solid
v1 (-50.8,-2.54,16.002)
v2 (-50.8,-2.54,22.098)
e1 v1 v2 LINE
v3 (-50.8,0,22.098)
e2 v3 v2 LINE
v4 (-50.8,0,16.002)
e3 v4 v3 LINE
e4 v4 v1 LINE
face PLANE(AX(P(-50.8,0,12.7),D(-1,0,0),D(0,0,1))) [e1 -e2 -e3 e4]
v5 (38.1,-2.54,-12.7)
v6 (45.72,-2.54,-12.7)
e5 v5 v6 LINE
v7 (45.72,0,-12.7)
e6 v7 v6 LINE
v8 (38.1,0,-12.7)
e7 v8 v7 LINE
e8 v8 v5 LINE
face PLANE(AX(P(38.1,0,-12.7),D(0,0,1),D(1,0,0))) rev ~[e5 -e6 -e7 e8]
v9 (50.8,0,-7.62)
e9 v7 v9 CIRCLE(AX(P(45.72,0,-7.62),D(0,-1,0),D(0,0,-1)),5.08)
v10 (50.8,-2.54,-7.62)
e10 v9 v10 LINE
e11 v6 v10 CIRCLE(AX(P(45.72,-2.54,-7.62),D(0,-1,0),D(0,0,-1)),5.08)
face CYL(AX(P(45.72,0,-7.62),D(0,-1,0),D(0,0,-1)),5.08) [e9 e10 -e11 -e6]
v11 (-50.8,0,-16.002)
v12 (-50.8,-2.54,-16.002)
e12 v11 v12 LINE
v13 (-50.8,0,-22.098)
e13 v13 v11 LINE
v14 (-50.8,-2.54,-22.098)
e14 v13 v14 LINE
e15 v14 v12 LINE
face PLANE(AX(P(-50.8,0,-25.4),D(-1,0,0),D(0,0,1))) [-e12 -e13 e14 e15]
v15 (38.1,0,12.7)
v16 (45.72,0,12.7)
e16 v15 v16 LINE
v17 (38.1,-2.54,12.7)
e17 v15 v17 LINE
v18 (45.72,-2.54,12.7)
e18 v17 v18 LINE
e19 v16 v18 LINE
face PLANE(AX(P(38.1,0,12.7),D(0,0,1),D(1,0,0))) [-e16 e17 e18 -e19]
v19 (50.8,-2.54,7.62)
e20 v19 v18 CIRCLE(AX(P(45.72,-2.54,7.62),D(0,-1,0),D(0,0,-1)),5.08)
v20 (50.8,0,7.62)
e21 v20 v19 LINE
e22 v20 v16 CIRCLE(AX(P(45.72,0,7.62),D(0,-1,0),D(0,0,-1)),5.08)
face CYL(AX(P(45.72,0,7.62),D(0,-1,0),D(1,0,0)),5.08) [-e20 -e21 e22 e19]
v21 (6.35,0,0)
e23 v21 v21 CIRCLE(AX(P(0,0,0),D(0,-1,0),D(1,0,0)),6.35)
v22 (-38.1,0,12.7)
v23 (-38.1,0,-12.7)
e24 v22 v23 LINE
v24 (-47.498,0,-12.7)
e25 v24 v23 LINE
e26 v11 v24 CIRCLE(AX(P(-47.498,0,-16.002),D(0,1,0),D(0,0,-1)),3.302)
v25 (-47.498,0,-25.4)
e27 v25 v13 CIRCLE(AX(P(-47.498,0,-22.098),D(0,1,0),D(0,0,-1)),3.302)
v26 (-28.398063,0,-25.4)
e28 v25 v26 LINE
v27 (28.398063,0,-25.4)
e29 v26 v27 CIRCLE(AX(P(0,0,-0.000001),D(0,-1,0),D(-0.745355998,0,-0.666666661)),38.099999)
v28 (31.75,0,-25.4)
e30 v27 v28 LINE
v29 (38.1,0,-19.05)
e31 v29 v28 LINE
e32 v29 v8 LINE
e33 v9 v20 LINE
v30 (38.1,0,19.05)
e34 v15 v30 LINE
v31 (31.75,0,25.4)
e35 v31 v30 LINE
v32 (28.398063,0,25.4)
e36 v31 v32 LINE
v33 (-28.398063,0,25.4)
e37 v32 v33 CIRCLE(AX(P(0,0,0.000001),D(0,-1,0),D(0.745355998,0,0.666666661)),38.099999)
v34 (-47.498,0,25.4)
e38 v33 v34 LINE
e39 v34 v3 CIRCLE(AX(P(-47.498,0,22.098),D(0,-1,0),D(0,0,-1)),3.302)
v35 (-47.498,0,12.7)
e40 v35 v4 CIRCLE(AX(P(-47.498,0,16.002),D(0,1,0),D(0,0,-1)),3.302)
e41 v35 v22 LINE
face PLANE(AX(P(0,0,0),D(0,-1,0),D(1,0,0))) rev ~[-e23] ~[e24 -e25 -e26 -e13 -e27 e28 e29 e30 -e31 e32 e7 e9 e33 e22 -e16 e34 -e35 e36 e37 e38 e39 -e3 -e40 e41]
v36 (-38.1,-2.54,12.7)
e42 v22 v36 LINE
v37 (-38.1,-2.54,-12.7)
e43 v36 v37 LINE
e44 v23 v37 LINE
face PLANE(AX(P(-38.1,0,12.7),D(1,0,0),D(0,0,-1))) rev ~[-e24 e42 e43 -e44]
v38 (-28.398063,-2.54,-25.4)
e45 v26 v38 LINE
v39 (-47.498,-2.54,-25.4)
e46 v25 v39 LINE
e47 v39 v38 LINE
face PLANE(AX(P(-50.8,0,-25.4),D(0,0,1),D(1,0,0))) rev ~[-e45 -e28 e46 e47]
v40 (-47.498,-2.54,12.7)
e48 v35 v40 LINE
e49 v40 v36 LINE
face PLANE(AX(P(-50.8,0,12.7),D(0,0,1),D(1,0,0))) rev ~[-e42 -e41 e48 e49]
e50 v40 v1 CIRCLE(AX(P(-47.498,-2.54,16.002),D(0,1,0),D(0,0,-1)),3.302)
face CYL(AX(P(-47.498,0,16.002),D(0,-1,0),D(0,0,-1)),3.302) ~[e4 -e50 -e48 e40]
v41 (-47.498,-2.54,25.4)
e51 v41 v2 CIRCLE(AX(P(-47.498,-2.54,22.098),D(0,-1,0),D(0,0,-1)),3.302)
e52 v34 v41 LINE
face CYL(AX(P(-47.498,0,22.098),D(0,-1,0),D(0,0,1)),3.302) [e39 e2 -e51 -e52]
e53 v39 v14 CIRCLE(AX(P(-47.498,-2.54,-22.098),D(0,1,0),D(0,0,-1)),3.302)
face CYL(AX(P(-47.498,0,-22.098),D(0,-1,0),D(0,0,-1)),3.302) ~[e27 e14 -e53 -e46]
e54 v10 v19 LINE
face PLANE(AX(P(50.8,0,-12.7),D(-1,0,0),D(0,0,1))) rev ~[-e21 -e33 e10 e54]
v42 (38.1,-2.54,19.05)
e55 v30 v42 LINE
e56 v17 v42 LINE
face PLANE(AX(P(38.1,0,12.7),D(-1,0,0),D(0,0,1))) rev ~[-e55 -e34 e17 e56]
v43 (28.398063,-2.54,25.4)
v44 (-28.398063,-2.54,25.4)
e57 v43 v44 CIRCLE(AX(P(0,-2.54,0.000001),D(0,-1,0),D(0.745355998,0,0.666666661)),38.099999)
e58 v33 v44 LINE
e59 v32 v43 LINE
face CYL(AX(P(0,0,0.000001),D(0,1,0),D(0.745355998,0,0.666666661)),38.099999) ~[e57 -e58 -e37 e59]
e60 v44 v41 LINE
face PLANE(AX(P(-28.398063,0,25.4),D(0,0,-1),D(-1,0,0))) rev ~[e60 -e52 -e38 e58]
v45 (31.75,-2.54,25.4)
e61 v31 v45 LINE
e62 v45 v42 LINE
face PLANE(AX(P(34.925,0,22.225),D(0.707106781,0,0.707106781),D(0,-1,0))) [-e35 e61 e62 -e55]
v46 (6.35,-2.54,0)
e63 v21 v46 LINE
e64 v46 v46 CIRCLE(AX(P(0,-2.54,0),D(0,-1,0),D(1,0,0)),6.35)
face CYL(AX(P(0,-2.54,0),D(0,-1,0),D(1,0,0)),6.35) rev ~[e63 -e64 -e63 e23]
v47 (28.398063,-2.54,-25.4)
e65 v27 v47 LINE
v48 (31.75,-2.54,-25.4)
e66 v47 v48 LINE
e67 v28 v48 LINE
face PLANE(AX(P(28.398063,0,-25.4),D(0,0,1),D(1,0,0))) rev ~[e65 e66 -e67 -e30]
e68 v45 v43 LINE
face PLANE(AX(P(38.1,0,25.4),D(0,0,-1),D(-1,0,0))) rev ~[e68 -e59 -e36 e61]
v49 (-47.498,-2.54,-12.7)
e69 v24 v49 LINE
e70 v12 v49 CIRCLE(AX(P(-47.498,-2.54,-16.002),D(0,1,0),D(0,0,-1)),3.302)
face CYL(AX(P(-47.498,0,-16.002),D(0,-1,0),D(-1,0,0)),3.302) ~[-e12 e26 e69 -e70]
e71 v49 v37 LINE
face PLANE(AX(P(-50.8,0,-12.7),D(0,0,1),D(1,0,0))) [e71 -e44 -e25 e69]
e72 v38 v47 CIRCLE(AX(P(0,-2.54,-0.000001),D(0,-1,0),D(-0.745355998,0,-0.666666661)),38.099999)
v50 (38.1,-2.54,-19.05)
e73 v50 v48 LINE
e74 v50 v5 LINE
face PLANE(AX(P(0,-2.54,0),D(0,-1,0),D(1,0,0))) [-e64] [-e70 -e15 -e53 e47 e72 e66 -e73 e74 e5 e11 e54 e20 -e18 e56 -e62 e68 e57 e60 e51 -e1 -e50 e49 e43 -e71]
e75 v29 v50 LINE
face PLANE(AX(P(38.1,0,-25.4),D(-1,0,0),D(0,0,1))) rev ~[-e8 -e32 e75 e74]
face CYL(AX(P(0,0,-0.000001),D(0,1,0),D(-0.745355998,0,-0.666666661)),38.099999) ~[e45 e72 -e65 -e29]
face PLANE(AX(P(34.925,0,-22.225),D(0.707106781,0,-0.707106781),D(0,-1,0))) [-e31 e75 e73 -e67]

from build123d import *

# Parameters (mm, degrees)
F0_W     = 12.7
F0_H     = 25.4
F0_H_2   = 12.7
F1_DEPTH = 2.54
F3_R     = 6.35
F4_DEPTH = 12.7
F5_SIZE  = 6.35
F6_SIZE  = 6.35
F7_R     = 5.08
F8_R     = 3.302


with BuildPart() as f1:
    # F0 (on Front) → F1 (new body)
    with BuildSketch(Plane.XZ):
        with BuildLine():
            Line((38.1, 12.7), (38.1, 25.4))
            Line((38.1, 25.4), (28.398063, 25.4))
            ThreePointArc((28.398063, 25.4), (0, 38.1), (-28.398063, 25.4))
            Line((-28.398063, 25.4), (-38.1, 25.4))
            Line((-38.1, 25.4), (-38.1, 12.7))
            Line((-38.1, 12.7), (-38.1, -12.7))
            Line((-38.1, -12.7), (-38.1, -25.4))
            Line((-38.1, -25.4), (-28.398063, -25.4))
            ThreePointArc((-28.398063, -25.4), (0, -38.1), (28.398063, -25.4))
            Line((28.398063, -25.4), (38.1, -25.4))
            Line((38.1, -25.4), (38.1, -12.7))
            Line((38.1, -12.7), (38.1, 12.7))
        make_face()
        with Locations((44.45, 0)):
            Rectangle(F0_W, F0_H)
        with Locations((-44.45, 19.05)):
            Rectangle(F0_W, F0_H_2)
        with Locations((-44.45, -19.05)):
            Rectangle(F0_W, F0_H_2)
    extrude(amount=F1_DEPTH)

    # F3 (on face) → F4 (cut, symmetric)
    with BuildSketch(Plane.XZ.offset(2.54)):
        Circle(F3_R)
    extrude(amount=F4_DEPTH, both=True, mode=Mode.SUBTRACT)

    # F5
    f5_edges = [f1.edges().sort_by_distance(p)[0] for p in [
        (38.1, -1.27, 25.4),
    ]]
    chamfer(f5_edges, length=F5_SIZE)

    # F6
    f6_edges = [f1.edges().sort_by_distance(p)[0] for p in [
        (38.1, -1.27, -25.4),
    ]]
    chamfer(f6_edges, length=F6_SIZE)

    # F7
    f7_edges = [f1.edges().sort_by_distance(p)[0] for p in [
        (50.8, -1.27, 12.7),
        (50.8, -1.27, -12.7),
    ]]
    fillet(f7_edges, radius=F7_R)

    # F8
    f8_edges = [f1.edges().sort_by_distance(p)[0] for p in [
        (-50.8, -1.27, 25.4),
        (-50.8, -1.27, 12.7),
        (-50.8, -1.27, -25.4),
        (-50.8, -1.27, -12.7),
    ]]
    fillet(f8_edges, radius=F8_R)


solid = f1.part
